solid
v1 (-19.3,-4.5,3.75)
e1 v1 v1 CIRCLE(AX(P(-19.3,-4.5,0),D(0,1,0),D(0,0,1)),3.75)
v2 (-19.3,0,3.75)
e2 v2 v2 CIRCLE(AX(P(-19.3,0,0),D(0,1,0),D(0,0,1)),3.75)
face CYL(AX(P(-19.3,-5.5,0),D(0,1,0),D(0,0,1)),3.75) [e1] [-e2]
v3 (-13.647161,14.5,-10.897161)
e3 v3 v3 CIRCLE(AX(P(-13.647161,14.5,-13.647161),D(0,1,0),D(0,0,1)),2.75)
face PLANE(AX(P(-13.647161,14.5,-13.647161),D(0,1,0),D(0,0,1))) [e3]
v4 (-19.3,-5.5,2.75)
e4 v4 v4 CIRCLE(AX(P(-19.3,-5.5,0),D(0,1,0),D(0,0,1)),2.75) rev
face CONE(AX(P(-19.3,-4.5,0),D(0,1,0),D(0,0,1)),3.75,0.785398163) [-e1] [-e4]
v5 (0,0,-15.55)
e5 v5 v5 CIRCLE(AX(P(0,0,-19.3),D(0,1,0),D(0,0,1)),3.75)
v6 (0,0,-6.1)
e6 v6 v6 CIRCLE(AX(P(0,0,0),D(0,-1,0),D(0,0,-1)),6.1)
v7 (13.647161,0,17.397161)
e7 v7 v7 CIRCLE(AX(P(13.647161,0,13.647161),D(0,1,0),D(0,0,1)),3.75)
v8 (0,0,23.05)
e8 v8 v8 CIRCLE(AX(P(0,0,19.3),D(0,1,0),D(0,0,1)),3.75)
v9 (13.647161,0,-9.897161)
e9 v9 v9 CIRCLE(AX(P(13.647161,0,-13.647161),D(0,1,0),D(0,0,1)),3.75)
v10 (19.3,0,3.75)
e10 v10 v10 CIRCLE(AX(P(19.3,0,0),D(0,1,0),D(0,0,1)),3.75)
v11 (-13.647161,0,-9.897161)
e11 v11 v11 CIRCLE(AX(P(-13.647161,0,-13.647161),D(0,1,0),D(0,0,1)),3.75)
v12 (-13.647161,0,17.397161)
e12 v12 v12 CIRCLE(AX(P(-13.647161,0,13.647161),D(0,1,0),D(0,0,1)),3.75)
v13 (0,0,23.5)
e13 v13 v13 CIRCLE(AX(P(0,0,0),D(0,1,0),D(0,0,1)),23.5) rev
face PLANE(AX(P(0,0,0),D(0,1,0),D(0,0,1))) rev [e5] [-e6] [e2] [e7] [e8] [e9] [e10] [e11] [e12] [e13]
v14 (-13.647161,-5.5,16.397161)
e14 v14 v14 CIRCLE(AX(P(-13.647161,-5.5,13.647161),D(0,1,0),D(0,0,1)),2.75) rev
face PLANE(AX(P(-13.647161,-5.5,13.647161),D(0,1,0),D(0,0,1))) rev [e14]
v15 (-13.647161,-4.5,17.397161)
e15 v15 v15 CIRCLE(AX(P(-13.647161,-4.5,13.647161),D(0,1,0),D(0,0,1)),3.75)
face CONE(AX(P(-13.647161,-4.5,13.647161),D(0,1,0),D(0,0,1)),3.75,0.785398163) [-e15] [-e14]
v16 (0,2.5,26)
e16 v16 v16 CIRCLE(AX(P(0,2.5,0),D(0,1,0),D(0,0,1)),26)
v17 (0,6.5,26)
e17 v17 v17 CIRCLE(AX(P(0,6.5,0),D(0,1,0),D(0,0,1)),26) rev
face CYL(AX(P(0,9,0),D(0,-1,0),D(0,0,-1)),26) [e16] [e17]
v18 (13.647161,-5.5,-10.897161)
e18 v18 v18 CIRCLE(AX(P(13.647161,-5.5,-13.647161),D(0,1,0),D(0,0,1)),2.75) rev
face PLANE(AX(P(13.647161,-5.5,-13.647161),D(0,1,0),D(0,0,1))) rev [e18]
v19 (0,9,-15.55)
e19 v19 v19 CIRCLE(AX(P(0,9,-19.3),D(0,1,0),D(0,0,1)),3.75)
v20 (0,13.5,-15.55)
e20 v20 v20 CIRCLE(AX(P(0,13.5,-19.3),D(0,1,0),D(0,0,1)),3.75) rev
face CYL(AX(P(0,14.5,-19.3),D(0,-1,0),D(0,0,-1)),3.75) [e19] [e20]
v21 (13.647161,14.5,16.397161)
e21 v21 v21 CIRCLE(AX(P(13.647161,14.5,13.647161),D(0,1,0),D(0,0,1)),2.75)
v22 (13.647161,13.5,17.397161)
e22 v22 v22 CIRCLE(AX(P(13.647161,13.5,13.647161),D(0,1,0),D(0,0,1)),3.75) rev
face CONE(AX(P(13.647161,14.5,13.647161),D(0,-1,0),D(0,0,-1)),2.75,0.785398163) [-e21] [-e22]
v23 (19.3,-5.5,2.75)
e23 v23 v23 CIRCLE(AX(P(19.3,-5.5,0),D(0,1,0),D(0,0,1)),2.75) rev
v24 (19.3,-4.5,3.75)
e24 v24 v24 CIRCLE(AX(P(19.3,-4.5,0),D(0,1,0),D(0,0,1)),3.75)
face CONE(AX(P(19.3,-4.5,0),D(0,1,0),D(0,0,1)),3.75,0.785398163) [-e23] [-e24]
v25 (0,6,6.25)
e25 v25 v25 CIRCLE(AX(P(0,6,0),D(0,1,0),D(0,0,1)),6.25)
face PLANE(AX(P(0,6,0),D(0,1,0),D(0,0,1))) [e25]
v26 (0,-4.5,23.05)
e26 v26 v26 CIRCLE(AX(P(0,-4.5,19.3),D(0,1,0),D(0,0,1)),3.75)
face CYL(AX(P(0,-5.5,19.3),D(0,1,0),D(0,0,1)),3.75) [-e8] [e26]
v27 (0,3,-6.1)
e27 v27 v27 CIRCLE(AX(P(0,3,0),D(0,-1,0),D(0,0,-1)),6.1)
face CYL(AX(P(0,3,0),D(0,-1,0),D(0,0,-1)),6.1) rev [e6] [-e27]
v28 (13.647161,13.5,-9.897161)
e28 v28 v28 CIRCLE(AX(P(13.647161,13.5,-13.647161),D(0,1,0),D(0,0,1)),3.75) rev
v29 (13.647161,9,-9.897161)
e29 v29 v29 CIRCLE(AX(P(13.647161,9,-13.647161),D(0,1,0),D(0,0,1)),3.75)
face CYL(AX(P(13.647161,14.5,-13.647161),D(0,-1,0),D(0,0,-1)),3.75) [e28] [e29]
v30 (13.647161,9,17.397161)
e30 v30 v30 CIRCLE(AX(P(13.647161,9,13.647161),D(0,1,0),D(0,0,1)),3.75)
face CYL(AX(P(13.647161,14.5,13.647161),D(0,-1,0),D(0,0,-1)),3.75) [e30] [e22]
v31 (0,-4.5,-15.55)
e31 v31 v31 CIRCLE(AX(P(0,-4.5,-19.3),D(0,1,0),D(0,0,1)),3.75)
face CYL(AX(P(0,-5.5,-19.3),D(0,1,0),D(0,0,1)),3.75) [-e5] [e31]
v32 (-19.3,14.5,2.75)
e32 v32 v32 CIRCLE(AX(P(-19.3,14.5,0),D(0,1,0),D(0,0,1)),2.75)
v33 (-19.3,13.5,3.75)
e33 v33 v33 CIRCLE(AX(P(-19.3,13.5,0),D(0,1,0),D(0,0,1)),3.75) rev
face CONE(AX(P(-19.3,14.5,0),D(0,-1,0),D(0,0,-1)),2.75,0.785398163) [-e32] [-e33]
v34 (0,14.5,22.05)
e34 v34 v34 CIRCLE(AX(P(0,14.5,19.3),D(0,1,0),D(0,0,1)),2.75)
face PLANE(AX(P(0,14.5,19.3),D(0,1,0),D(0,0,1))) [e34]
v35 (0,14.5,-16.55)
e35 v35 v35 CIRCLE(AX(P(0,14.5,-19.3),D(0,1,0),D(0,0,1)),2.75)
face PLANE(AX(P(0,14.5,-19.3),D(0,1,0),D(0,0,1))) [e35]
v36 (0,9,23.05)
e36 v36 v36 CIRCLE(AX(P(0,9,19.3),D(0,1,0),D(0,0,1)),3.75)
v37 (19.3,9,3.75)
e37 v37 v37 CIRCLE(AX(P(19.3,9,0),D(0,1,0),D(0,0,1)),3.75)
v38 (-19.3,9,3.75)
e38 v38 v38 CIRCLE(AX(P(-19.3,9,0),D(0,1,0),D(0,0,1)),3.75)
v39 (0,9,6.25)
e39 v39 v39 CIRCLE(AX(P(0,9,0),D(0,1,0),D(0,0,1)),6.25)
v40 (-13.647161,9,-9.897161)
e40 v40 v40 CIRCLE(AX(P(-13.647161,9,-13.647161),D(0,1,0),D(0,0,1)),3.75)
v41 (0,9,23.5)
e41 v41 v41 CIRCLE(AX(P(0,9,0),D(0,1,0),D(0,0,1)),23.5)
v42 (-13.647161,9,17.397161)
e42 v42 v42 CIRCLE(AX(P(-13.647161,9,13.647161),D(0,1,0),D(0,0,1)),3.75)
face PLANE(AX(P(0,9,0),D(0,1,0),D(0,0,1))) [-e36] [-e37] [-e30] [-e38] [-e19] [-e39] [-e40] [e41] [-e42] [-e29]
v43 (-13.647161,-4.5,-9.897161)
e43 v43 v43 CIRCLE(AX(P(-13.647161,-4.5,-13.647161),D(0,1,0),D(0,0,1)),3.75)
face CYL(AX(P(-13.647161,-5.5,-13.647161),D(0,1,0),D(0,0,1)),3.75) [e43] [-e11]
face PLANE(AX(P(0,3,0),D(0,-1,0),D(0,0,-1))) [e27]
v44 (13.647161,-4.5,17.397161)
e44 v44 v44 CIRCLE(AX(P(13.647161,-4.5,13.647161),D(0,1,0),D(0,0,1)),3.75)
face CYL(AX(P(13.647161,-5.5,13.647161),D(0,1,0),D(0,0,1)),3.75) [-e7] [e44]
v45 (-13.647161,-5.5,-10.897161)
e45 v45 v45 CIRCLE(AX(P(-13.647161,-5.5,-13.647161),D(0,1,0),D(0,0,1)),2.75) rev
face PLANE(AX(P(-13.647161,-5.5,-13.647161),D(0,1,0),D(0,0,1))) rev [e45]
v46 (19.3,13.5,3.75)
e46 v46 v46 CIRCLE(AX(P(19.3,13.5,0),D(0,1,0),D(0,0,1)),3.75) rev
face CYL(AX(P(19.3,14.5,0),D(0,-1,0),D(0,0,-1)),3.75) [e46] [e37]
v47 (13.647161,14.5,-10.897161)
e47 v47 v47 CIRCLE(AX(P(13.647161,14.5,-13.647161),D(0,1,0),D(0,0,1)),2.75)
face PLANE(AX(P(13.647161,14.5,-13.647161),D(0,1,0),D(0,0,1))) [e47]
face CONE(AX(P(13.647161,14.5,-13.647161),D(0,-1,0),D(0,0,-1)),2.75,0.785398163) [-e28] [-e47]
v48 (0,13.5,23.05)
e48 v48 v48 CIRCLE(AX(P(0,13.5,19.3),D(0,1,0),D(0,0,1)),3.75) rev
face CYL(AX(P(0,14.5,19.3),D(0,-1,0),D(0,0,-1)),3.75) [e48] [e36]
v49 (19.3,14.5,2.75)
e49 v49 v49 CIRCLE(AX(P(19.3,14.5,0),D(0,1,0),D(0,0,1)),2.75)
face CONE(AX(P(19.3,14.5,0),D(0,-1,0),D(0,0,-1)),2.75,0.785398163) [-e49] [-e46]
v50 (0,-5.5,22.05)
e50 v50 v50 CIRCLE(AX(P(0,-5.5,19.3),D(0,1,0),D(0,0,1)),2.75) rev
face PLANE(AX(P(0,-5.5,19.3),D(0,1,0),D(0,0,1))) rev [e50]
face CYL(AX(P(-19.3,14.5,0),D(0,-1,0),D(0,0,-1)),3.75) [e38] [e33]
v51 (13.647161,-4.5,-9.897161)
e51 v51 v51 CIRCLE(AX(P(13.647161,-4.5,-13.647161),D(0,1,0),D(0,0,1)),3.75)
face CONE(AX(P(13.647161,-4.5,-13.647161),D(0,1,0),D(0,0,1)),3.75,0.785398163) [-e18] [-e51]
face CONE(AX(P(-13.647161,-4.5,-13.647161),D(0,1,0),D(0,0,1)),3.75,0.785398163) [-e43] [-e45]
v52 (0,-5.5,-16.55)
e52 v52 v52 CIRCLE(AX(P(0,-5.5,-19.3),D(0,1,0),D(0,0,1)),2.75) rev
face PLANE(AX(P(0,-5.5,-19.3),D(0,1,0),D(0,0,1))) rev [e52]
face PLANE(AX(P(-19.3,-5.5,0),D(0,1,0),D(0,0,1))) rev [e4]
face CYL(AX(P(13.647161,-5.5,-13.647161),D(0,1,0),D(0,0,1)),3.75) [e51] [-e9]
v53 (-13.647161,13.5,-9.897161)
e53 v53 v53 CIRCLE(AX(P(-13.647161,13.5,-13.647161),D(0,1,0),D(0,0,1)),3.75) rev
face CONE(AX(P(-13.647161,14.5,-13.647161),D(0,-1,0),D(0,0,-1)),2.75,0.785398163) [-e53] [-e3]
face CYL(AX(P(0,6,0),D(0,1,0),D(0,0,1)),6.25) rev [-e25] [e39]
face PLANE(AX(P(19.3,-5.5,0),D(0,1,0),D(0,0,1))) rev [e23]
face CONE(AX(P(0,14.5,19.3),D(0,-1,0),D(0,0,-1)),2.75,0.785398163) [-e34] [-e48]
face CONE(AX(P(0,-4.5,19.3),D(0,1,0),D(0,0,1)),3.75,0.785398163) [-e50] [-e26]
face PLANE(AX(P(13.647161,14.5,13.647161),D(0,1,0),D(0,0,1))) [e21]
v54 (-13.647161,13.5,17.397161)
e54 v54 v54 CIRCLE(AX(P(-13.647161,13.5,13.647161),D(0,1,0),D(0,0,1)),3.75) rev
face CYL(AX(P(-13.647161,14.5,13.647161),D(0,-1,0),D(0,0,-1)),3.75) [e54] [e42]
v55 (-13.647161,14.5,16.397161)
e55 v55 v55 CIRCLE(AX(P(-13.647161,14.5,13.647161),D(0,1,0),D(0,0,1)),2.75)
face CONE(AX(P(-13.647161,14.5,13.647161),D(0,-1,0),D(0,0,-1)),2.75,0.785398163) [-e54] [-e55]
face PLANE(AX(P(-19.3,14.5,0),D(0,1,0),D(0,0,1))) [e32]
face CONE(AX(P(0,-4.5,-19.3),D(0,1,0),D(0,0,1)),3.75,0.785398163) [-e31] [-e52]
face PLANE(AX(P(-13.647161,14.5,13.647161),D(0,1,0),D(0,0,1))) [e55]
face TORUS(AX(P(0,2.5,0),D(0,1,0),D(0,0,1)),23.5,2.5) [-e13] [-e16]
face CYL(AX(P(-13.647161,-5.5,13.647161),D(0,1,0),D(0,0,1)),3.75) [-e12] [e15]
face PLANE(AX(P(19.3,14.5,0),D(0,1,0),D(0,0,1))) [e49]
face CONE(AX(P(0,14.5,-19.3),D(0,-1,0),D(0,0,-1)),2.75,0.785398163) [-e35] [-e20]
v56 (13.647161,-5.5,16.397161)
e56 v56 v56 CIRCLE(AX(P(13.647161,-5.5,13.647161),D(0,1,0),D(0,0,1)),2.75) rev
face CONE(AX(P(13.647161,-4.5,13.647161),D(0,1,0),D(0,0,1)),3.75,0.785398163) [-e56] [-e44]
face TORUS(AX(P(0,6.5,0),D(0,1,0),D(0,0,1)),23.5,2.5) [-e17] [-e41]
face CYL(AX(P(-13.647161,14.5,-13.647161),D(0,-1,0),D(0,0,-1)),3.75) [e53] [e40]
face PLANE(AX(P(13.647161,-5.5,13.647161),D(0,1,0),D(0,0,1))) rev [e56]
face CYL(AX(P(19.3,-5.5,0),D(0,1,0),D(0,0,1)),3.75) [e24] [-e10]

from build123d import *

# Parameters (mm, degrees)
SKETCH1_R           = 26
BOSS_EXTRUDE1_DEPTH = 9
SKETCH2_R           = 6.1
CUT_EXTRUDE2_DEPTH  = 3
CUT_EXTRUDE5_START  = 9
SKETCH1_9_R         = 6.25
CUT_EXTRUDE5_DEPTH  = 3
SKETCH1_11_R        = 3.75
BOSS_EXTRUDE3_DEPTH = 5.5
BOSS_EXTRUDE4_START = 9
SKETCH1_12_R        = 3.75
BOSS_EXTRUDE4_DEPTH = 5.5
CHAMFER1_SIZE       = 1
FILLET1_R           = 2.5


with BuildPart() as part:
    # Sketch1 → Boss-Extrude1 (new body)
    with BuildSketch(Plane(origin=(0, 0, 0), x_dir=(1, 0, 0), z_dir=(0, 1, 0))):
        Circle(SKETCH1_R)
    extrude(amount=BOSS_EXTRUDE1_DEPTH)

    # Sketch2 → Cut-Extrude2 (cut)
    with BuildSketch(Plane.XZ):
        Circle(SKETCH2_R)
    extrude(amount=-CUT_EXTRUDE2_DEPTH, mode=Mode.SUBTRACT)

    # Sketch1<9> → Cut-Extrude5 (cut)
    with BuildSketch(Plane(origin=(0, 0, 0), x_dir=(1, 0, 0), z_dir=(0, 1, 0)).offset(CUT_EXTRUDE5_START)):
        Circle(SKETCH1_9_R)
    extrude(amount=-CUT_EXTRUDE5_DEPTH, mode=Mode.SUBTRACT)

    # Sketch1<11> → Boss-Extrude3 (add)
    with BuildSketch(Plane(origin=(0, 0, 0), x_dir=(1, 0, 0), z_dir=(0, 1, 0))):
        with Locations((-13.647160877, 13.647160877)):
            Circle(SKETCH1_11_R)
        with Locations((0, 19.3)):
            Circle(SKETCH1_11_R)
        with Locations((13.647160877, 13.647160877)):
            Circle(SKETCH1_11_R)
        with Locations((19.3, 0)):
            Circle(SKETCH1_11_R)
        with Locations((13.647160877, -13.647160877)):
            Circle(SKETCH1_11_R)
        with Locations((0, -19.3)):
            Circle(SKETCH1_11_R)
        with Locations((-13.647160877, -13.647160877)):
            Circle(SKETCH1_11_R)
        with Locations((-19.3, 0)):
            Circle(SKETCH1_11_R)
    extrude(amount=-BOSS_EXTRUDE3_DEPTH)

    # Sketch1<12> → Boss-Extrude4 (add)
    with BuildSketch(Plane(origin=(0, 0, 0), x_dir=(1, 0, 0), z_dir=(0, 1, 0)).offset(BOSS_EXTRUDE4_START)):
        with Locations((-13.647160877, 13.647160877)):
            Circle(SKETCH1_12_R)
        with Locations((0, 19.3)):
            Circle(SKETCH1_12_R)
        with Locations((13.647160877, 13.647160877)):
            Circle(SKETCH1_12_R)
        with Locations((19.3, 0)):
            Circle(SKETCH1_12_R)
        with Locations((13.647160877, -13.647160877)):
            Circle(SKETCH1_12_R)
        with Locations((0, -19.3)):
            Circle(SKETCH1_12_R)
        with Locations((-13.647160877, -13.647160877)):
            Circle(SKETCH1_12_R)
        with Locations((-19.3, 0)):
            Circle(SKETCH1_12_R)
    extrude(amount=BOSS_EXTRUDE4_DEPTH)

    # Chamfer1
    chamfer1_edges = [part.edges().sort_by_distance(p)[0] for p in [
        (-17.397160877, -5.5, -13.647160877),
        (-3.75, -5.5, -19.3),
        (9.897160877, -5.5, -13.647160877),
        (15.55, -5.5, 0),
        (9.897160877, -5.5, 13.647160877),
        (-3.75, -5.5, 19.3),
        (-17.397160877, -5.5, 13.647160877),
        (-23.05, -5.5, 0),
        (15.55, 14.5, 0),
        (9.897160877, 14.5, -13.647160877),
        (-3.75, 14.5, -19.3),
        (-17.397160877, 14.5, -13.647160877),
        (-3.75, 14.5, 19.3),
        (9.897160877, 14.5, 13.647160877),
        (-23.05, 14.5, 0),
        (-17.397160877, 14.5, 13.647160877),
    ]]
    chamfer(chamfer1_edges, length=CHAMFER1_SIZE)

    # Fillet1
    fillet1_edges = [part.edges().sort_by_distance(p)[0] for p in [
        (-26, 0, 0),
        (-26, 9, 0),
    ]]
    fillet(fillet1_edges, radius=FILLET1_R)


solid = part.part
